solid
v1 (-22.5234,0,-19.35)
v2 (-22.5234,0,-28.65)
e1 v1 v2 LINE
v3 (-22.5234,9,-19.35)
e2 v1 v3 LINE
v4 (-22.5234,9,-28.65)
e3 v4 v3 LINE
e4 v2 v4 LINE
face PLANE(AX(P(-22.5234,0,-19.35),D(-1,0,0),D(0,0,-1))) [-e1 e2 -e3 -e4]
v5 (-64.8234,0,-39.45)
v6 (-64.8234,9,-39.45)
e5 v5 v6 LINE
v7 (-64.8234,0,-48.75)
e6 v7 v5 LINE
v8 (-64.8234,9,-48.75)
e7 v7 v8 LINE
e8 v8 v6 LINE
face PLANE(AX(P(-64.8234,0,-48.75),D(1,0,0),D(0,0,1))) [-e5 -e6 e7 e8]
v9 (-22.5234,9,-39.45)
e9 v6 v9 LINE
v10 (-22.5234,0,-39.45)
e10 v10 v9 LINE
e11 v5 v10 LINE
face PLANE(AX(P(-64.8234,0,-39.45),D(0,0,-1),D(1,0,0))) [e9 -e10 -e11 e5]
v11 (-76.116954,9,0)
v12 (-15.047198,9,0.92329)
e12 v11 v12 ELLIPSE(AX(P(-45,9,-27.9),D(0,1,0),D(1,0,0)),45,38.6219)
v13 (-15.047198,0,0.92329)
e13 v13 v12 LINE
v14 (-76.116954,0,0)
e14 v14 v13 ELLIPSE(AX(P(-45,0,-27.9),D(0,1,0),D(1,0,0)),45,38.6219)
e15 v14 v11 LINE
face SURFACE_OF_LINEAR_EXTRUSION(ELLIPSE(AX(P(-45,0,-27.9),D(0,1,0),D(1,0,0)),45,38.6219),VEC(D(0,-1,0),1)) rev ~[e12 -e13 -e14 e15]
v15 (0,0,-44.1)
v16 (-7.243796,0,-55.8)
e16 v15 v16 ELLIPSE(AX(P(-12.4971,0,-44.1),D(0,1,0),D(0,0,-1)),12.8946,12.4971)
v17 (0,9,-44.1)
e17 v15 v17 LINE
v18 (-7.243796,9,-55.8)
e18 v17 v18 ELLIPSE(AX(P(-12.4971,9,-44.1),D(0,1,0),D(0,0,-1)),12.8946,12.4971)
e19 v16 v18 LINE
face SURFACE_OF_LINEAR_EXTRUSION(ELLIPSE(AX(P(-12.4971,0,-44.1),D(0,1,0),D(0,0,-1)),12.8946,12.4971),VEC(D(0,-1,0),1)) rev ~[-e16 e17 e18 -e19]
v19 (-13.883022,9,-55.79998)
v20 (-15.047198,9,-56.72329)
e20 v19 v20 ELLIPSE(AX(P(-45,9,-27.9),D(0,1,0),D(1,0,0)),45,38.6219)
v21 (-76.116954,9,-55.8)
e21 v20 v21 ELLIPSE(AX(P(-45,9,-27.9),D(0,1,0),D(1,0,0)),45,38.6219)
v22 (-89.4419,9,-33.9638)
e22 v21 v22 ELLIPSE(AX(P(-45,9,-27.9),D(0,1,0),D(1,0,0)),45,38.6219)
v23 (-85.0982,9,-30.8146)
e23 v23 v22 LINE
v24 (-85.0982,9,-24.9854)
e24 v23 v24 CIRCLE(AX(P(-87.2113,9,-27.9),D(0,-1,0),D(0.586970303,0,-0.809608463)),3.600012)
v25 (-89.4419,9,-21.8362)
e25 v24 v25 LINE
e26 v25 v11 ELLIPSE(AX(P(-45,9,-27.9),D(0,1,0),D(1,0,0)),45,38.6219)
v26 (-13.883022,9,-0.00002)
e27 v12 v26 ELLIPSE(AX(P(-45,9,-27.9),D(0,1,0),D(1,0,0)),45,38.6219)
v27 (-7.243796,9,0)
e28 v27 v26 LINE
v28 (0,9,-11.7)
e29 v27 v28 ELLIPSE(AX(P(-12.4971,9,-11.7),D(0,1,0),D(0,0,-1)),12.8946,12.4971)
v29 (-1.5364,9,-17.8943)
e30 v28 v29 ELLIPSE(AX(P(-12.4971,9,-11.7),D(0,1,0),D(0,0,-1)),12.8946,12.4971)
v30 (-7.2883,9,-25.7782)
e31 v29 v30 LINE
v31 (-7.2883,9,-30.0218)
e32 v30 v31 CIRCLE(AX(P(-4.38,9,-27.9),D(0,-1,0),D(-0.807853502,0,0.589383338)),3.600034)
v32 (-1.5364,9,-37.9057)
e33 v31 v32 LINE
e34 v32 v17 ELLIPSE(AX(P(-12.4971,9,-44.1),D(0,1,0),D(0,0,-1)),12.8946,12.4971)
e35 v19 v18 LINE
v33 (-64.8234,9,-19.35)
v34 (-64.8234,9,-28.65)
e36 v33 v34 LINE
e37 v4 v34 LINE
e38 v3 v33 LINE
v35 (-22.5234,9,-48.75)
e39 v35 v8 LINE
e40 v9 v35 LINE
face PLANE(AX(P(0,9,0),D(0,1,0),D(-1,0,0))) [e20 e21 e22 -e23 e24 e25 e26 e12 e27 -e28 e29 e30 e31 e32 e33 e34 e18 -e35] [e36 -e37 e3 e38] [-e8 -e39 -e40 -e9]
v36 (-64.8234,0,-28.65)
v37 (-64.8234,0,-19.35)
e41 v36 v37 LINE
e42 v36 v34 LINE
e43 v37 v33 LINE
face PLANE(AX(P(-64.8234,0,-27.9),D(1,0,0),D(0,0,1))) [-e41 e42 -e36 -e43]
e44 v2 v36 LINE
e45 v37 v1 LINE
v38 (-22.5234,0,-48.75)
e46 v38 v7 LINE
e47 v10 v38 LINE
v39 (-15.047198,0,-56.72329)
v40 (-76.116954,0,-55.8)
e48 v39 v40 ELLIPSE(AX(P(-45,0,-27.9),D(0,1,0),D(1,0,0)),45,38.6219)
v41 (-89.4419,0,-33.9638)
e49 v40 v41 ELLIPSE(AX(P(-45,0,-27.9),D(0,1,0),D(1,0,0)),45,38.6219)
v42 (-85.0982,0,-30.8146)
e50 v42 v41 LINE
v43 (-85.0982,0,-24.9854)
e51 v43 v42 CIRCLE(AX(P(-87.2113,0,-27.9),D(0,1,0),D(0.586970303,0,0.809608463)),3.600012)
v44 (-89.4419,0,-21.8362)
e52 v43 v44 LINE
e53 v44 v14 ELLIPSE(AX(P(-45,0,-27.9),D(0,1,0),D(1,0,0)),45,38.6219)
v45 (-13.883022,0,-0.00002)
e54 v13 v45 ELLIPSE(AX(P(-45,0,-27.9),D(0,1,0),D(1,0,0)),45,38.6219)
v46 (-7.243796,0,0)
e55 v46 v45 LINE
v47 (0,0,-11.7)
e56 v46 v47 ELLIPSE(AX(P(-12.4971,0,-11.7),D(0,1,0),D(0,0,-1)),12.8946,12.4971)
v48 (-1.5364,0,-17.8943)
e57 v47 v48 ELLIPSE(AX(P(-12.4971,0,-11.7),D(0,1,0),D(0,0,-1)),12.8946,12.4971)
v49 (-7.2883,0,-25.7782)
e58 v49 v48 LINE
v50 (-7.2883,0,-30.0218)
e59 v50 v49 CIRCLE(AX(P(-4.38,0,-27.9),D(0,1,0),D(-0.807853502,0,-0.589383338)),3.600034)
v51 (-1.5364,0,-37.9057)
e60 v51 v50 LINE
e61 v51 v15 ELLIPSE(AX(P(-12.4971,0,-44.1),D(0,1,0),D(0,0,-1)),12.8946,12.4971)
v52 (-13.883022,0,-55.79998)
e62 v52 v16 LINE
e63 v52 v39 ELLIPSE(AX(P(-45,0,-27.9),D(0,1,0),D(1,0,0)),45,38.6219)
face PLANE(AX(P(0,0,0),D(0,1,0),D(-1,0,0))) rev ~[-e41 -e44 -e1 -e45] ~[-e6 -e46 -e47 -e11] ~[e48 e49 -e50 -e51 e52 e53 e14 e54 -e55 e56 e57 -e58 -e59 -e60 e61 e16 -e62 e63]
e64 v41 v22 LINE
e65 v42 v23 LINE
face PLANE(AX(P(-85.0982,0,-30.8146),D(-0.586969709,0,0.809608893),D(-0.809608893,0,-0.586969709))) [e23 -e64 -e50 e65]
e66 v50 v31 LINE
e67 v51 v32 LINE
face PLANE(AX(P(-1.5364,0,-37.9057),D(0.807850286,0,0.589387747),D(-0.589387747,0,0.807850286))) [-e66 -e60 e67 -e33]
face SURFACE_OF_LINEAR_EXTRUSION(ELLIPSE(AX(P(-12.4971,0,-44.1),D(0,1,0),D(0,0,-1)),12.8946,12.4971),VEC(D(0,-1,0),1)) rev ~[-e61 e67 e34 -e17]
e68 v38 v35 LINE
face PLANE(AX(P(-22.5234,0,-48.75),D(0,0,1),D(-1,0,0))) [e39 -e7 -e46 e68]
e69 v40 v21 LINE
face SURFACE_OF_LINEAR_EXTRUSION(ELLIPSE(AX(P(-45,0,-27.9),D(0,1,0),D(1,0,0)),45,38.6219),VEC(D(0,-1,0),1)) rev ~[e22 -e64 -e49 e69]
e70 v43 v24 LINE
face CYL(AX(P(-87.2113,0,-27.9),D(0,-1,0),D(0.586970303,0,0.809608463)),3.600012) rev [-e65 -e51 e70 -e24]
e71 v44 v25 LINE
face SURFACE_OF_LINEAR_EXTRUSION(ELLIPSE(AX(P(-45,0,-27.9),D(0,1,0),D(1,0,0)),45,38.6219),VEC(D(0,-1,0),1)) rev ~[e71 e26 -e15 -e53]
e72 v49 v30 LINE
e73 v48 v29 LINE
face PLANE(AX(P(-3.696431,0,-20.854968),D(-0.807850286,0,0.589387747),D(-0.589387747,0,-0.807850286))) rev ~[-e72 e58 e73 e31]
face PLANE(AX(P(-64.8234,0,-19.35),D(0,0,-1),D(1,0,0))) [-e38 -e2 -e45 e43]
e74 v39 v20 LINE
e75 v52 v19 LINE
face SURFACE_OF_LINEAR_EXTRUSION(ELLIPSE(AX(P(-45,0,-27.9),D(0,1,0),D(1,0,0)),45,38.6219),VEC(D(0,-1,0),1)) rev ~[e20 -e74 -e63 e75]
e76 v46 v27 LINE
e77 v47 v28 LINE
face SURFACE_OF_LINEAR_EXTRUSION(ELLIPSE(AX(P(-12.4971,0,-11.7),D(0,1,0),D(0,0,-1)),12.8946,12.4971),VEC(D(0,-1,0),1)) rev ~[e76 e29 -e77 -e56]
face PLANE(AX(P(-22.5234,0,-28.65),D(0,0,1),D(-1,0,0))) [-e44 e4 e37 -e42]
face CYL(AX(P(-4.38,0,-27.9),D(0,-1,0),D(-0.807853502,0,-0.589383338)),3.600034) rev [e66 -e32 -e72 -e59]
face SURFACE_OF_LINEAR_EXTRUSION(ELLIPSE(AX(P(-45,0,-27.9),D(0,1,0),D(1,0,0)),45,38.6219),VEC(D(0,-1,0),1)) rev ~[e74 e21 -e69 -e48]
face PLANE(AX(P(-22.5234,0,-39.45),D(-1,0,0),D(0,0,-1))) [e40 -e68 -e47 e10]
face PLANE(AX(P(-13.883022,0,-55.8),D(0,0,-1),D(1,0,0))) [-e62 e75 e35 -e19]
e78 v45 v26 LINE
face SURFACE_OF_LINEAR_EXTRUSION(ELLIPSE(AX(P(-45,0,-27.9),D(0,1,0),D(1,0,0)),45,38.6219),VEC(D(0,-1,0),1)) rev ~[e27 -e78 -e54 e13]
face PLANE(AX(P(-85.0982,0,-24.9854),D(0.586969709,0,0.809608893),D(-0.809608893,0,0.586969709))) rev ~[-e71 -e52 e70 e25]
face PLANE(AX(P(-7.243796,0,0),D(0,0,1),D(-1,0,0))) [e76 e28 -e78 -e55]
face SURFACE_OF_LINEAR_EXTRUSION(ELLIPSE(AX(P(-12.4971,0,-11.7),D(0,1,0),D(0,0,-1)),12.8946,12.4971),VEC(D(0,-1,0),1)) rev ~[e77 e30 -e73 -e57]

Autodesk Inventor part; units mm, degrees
ref_plane "YZ Plane" through (0, 0, 0) normal (1, 0, 0) x (0, 1, 0)
ref_plane "XZ Plane" through (0, 0, 0) normal (0, 1, 0) x (-1, 0, 0)
ref_plane "XY Plane" through (0, 0, 0) normal (0, 0, 1) x (1, 0, 0)
sketch "Sketch1" plane through (0, 0, 0) normal (0, 1, 0) x (-1, 0, 0)
  line L0 (0, 0) -> (90, 0)
  line L1 (90, 0) -> (90, -55.8)
  line L2 (90, -55.8) -> (0, -55.8)
  line L3 (0, -55.8) -> (0, 0)
  ellipse E0 centre (45, -27.9) end of major axis (0, -27.9) minor radius 38.6219 (13.883, -55.8) -> (13.883, 0) ccw
  line L4 (64.8234, -39.45) -> (22.5234, -39.45)
  line L5 (22.5234, -39.45) -> (22.5234, -48.75)
  line L6 (22.5234, -48.75) -> (64.8234, -48.75)
  line L7 (64.8234, -48.75) -> (64.8234, -39.45)
  line L8 (64.8234, -19.35) -> (22.5234, -19.35)
  line L9 (22.5234, -19.35) -> (22.5234, -28.65)
  line L10 (22.5234, -28.65) -> (64.8234, -28.65)
  line L11 (64.8234, -28.65) -> (64.8234, -19.35)
  line L12 (90, -27.9) -> (0, -27.9)
  ellipse E1 centre (12.4971, -44.1) end of major axis (0, -44.1) minor radius 12.8946 (3.6964, -34.945) -> (15.0472, -56.7233) ccw
  line L13 (1.5364, -17.8943) -> (7.2883, -25.7782)
  line L14 (1.5364, -37.9057) -> (7.2883, -30.0218)
  arc A0 (7.2883, -30.0218) -> (7.2883, -25.7782) centre (4.38, -27.9) ccw
  line L15 (85.0982, -24.9854) -> (89.4419, -21.8362)
  line L16 (85.0982, -30.8146) -> (89.4419, -33.9638)
  arc A1 (85.0982, -24.9854) -> (85.0982, -30.8146) centre (87.2113, -27.9) ccw
  ellipse E2 centre (12.4971, -11.7) end of major axis (0, -11.7) minor radius 12.8946 (15.0472, 0.9233) -> (3.6964, -20.855) ccw
  ellipse E3 centre (12.4971, -11.7) end of major axis (0, -11.7) minor radius 12.8946 (22.5234, -19.3972) -> (22.5573, -19.35) ccw
  point P0 (8.8363, -27.9)
  point P1 (81.0782, -27.9)
  point P2 (7.2438, 0)
  point P3 (7.2438, -55.8)
  dimension "d0" = 90
  dimension "d1" = 55.8
  dimension "d3" = 9.3
  dimension "d4" = 9.3
  dimension "d5" = 7.05
  dimension "d6" = 10.8
  dimension "d7" = 3.6
  dimension "d8" = 3.6
extrude "Extrusion1" add sketch "Sketch1" along normal blind 9 contours L0 E0 L15 A1 L12 L11 L8 L9 A0 L13 E2 | E0 L0 | E1 L14 A0 L12 L9 L10 L11 A1 L16 E0 L2 | L2 E0
properties part number "telapak kakii"
